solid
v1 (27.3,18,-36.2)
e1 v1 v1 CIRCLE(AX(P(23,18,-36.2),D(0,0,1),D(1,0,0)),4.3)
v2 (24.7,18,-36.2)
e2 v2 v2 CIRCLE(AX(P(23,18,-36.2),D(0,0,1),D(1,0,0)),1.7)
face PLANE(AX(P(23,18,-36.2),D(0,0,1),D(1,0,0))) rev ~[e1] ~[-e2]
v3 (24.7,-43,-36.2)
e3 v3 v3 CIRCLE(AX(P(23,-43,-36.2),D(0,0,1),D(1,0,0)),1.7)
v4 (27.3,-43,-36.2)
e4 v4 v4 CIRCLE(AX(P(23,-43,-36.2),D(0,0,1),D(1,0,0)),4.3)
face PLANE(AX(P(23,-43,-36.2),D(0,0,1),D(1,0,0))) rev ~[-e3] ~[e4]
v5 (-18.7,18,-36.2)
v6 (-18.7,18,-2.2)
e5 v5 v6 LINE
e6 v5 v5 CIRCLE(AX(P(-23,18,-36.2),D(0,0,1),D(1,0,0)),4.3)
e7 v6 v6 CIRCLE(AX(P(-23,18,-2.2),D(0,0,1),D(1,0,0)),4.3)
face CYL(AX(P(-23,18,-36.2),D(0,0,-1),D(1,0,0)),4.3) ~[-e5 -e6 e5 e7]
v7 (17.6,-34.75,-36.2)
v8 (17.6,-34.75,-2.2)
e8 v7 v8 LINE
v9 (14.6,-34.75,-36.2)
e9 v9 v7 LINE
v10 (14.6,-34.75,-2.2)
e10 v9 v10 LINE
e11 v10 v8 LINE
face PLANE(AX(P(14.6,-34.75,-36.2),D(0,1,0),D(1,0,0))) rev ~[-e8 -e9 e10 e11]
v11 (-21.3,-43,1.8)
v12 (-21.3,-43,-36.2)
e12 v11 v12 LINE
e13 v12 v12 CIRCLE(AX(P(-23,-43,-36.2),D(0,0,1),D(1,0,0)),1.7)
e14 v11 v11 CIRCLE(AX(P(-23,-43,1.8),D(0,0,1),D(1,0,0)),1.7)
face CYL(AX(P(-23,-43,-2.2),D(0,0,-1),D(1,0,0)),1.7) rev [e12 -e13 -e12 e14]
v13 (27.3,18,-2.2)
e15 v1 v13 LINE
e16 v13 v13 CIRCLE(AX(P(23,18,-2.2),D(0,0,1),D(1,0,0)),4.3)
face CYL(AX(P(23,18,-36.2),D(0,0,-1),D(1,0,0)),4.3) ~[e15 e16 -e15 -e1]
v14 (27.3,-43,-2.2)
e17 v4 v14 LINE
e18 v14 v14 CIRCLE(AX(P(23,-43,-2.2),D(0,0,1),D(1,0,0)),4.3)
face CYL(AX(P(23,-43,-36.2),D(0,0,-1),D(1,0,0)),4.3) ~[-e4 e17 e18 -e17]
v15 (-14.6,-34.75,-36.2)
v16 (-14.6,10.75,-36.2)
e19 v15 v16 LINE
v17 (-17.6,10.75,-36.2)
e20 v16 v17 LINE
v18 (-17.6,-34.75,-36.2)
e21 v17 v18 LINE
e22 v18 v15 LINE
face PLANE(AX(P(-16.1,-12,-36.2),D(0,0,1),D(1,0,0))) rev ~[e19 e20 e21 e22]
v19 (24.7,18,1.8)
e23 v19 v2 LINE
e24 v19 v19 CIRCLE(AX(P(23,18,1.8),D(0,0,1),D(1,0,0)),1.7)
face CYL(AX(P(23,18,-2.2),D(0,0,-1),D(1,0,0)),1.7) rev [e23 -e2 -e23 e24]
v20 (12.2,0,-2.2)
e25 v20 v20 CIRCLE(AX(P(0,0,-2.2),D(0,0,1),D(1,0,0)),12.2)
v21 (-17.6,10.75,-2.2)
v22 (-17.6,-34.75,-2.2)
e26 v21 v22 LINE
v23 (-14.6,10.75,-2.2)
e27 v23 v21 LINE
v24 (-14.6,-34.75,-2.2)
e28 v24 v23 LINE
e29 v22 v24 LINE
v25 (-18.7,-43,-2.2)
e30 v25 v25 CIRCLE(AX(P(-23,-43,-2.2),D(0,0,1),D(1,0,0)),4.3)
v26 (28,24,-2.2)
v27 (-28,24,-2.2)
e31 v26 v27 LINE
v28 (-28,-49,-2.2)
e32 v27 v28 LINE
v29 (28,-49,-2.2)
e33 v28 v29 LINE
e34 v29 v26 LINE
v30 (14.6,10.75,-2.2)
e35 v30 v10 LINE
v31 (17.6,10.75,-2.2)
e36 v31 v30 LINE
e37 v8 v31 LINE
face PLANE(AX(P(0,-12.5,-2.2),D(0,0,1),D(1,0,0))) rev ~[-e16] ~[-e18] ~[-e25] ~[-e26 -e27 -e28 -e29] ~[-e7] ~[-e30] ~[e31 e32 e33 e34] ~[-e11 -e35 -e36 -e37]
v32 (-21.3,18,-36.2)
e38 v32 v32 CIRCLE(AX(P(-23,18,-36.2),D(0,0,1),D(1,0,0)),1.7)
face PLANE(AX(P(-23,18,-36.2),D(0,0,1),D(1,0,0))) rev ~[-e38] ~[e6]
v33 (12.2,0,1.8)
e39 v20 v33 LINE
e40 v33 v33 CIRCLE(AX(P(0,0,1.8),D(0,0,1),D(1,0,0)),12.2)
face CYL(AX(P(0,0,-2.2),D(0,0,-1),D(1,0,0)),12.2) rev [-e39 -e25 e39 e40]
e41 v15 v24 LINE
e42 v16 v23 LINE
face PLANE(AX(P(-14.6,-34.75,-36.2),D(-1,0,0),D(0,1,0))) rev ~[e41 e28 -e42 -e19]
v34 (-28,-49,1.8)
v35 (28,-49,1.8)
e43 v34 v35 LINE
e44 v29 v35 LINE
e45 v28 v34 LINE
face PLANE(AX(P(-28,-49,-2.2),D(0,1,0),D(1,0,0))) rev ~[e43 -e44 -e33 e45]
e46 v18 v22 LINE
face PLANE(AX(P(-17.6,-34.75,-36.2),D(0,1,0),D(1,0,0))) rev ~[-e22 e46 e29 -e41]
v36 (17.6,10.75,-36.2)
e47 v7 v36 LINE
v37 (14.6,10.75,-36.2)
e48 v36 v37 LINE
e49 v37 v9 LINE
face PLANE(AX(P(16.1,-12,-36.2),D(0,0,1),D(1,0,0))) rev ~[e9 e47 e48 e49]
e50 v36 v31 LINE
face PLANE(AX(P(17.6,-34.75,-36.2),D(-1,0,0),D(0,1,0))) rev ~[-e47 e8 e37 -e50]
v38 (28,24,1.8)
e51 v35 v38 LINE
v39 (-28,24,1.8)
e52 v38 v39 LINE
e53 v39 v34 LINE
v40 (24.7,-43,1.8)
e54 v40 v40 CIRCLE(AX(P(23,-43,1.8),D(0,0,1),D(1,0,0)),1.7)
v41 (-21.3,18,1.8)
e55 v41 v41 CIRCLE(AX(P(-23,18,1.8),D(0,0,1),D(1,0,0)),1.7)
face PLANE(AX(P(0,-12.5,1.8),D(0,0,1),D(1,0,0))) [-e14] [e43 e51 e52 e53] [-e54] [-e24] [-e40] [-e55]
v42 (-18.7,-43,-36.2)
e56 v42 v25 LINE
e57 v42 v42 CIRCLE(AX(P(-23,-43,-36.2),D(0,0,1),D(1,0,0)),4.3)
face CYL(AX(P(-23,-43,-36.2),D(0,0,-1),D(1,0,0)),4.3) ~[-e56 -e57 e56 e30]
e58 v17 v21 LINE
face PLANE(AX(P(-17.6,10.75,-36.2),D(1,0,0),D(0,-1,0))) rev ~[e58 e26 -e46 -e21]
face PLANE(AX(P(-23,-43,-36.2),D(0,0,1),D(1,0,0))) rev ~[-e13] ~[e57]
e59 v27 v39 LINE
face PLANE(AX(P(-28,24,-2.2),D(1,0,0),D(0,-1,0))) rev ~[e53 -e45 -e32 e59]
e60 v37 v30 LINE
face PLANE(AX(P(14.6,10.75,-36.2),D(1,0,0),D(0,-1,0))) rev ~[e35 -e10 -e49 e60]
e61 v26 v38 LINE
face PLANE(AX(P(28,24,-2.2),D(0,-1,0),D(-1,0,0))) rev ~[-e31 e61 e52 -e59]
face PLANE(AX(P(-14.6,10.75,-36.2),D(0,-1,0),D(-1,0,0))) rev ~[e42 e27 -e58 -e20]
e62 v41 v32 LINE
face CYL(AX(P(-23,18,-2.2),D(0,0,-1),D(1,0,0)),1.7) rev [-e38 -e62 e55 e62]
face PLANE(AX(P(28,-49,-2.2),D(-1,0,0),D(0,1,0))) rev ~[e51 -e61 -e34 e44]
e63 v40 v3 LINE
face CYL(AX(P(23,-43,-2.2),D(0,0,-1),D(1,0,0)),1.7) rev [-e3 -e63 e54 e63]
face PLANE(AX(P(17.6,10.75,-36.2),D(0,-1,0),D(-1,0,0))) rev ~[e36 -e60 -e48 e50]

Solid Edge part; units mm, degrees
sketch "Sketch1" plane through (0, 0, -2.2) normal (0, 0, 1) x (1, 0, 0)
  line L0 (-28, -49) -> (28, -49)
  line L1 (28, -49) -> (28, 24)
  line L2 (28, 24) -> (-28, 24)
  line L3 (-28, 24) -> (-28, -49)
  circle A0 centre (0, 0) radius 12.2
  circle A1 centre (-23, -43) radius 1.7
  circle A2 centre (23, -43) radius 1.7
  circle A3 centre (-23, 18) radius 1.7
  circle A4 centre (23, 18) radius 1.7
extrude "ExtrudedProtrusion_1" add sketch "Sketch1" along normal blind 4
sketch "Sketch2" plane through (0, 0, -36.2) normal (0, 0, 1) x (1, 0, 0)
  circle A0 centre (-23, -43) radius 4.3
  circle A1 centre (-23, -43) radius 1.7
extrude "ExtrudedProtrusion_2" add sketch "Sketch2" along normal blind 34
sketch "Sketch3" plane through (0, 0, -36.2) normal (0, 0, 1) x (1, 0, 0)
  circle A0 centre (23, -43) radius 4.3
  circle A1 centre (23, -43) radius 1.7
extrude "ExtrudedProtrusion_3" add sketch "Sketch3" along normal blind 34
sketch "Sketch4" plane through (0, 0, -36.2) normal (0, 0, 1) x (1, 0, 0)
  circle A0 centre (-23, 18) radius 4.3
  circle A1 centre (-23, 18) radius 1.7
extrude "ExtrudedProtrusion_4" add sketch "Sketch4" along normal blind 34
sketch "Sketch5" plane through (0, 0, -36.2) normal (0, 0, 1) x (1, 0, 0)
  circle A0 centre (23, 18) radius 4.3
  circle A1 centre (23, 18) radius 1.7
extrude "ExtrudedProtrusion_5" add sketch "Sketch5" along normal blind 34
sketch "Sketch6" plane through (0, 0, -36.2) normal (0, 0, 1) x (1, 0, 0)
  line L0 (-17.6, -34.75) -> (-14.6, -34.75)
  line L1 (-14.6, -34.75) -> (-14.6, 10.75)
  line L2 (-14.6, 10.75) -> (-17.6, 10.75)
  line L3 (-17.6, 10.75) -> (-17.6, -34.75)
extrude "ExtrudedProtrusion_6" add sketch "Sketch6" along normal blind 34
sketch "Sketch7" plane through (0, 0, -36.2) normal (0, 0, 1) x (1, 0, 0)
  line L0 (14.6, -34.75) -> (17.6, -34.75)
  line L1 (17.6, -34.75) -> (17.6, 10.75)
  line L2 (17.6, 10.75) -> (14.6, 10.75)
  line L3 (14.6, 10.75) -> (14.6, -34.75)
extrude "ExtrudedProtrusion_7" add sketch "Sketch7" along normal blind 34
